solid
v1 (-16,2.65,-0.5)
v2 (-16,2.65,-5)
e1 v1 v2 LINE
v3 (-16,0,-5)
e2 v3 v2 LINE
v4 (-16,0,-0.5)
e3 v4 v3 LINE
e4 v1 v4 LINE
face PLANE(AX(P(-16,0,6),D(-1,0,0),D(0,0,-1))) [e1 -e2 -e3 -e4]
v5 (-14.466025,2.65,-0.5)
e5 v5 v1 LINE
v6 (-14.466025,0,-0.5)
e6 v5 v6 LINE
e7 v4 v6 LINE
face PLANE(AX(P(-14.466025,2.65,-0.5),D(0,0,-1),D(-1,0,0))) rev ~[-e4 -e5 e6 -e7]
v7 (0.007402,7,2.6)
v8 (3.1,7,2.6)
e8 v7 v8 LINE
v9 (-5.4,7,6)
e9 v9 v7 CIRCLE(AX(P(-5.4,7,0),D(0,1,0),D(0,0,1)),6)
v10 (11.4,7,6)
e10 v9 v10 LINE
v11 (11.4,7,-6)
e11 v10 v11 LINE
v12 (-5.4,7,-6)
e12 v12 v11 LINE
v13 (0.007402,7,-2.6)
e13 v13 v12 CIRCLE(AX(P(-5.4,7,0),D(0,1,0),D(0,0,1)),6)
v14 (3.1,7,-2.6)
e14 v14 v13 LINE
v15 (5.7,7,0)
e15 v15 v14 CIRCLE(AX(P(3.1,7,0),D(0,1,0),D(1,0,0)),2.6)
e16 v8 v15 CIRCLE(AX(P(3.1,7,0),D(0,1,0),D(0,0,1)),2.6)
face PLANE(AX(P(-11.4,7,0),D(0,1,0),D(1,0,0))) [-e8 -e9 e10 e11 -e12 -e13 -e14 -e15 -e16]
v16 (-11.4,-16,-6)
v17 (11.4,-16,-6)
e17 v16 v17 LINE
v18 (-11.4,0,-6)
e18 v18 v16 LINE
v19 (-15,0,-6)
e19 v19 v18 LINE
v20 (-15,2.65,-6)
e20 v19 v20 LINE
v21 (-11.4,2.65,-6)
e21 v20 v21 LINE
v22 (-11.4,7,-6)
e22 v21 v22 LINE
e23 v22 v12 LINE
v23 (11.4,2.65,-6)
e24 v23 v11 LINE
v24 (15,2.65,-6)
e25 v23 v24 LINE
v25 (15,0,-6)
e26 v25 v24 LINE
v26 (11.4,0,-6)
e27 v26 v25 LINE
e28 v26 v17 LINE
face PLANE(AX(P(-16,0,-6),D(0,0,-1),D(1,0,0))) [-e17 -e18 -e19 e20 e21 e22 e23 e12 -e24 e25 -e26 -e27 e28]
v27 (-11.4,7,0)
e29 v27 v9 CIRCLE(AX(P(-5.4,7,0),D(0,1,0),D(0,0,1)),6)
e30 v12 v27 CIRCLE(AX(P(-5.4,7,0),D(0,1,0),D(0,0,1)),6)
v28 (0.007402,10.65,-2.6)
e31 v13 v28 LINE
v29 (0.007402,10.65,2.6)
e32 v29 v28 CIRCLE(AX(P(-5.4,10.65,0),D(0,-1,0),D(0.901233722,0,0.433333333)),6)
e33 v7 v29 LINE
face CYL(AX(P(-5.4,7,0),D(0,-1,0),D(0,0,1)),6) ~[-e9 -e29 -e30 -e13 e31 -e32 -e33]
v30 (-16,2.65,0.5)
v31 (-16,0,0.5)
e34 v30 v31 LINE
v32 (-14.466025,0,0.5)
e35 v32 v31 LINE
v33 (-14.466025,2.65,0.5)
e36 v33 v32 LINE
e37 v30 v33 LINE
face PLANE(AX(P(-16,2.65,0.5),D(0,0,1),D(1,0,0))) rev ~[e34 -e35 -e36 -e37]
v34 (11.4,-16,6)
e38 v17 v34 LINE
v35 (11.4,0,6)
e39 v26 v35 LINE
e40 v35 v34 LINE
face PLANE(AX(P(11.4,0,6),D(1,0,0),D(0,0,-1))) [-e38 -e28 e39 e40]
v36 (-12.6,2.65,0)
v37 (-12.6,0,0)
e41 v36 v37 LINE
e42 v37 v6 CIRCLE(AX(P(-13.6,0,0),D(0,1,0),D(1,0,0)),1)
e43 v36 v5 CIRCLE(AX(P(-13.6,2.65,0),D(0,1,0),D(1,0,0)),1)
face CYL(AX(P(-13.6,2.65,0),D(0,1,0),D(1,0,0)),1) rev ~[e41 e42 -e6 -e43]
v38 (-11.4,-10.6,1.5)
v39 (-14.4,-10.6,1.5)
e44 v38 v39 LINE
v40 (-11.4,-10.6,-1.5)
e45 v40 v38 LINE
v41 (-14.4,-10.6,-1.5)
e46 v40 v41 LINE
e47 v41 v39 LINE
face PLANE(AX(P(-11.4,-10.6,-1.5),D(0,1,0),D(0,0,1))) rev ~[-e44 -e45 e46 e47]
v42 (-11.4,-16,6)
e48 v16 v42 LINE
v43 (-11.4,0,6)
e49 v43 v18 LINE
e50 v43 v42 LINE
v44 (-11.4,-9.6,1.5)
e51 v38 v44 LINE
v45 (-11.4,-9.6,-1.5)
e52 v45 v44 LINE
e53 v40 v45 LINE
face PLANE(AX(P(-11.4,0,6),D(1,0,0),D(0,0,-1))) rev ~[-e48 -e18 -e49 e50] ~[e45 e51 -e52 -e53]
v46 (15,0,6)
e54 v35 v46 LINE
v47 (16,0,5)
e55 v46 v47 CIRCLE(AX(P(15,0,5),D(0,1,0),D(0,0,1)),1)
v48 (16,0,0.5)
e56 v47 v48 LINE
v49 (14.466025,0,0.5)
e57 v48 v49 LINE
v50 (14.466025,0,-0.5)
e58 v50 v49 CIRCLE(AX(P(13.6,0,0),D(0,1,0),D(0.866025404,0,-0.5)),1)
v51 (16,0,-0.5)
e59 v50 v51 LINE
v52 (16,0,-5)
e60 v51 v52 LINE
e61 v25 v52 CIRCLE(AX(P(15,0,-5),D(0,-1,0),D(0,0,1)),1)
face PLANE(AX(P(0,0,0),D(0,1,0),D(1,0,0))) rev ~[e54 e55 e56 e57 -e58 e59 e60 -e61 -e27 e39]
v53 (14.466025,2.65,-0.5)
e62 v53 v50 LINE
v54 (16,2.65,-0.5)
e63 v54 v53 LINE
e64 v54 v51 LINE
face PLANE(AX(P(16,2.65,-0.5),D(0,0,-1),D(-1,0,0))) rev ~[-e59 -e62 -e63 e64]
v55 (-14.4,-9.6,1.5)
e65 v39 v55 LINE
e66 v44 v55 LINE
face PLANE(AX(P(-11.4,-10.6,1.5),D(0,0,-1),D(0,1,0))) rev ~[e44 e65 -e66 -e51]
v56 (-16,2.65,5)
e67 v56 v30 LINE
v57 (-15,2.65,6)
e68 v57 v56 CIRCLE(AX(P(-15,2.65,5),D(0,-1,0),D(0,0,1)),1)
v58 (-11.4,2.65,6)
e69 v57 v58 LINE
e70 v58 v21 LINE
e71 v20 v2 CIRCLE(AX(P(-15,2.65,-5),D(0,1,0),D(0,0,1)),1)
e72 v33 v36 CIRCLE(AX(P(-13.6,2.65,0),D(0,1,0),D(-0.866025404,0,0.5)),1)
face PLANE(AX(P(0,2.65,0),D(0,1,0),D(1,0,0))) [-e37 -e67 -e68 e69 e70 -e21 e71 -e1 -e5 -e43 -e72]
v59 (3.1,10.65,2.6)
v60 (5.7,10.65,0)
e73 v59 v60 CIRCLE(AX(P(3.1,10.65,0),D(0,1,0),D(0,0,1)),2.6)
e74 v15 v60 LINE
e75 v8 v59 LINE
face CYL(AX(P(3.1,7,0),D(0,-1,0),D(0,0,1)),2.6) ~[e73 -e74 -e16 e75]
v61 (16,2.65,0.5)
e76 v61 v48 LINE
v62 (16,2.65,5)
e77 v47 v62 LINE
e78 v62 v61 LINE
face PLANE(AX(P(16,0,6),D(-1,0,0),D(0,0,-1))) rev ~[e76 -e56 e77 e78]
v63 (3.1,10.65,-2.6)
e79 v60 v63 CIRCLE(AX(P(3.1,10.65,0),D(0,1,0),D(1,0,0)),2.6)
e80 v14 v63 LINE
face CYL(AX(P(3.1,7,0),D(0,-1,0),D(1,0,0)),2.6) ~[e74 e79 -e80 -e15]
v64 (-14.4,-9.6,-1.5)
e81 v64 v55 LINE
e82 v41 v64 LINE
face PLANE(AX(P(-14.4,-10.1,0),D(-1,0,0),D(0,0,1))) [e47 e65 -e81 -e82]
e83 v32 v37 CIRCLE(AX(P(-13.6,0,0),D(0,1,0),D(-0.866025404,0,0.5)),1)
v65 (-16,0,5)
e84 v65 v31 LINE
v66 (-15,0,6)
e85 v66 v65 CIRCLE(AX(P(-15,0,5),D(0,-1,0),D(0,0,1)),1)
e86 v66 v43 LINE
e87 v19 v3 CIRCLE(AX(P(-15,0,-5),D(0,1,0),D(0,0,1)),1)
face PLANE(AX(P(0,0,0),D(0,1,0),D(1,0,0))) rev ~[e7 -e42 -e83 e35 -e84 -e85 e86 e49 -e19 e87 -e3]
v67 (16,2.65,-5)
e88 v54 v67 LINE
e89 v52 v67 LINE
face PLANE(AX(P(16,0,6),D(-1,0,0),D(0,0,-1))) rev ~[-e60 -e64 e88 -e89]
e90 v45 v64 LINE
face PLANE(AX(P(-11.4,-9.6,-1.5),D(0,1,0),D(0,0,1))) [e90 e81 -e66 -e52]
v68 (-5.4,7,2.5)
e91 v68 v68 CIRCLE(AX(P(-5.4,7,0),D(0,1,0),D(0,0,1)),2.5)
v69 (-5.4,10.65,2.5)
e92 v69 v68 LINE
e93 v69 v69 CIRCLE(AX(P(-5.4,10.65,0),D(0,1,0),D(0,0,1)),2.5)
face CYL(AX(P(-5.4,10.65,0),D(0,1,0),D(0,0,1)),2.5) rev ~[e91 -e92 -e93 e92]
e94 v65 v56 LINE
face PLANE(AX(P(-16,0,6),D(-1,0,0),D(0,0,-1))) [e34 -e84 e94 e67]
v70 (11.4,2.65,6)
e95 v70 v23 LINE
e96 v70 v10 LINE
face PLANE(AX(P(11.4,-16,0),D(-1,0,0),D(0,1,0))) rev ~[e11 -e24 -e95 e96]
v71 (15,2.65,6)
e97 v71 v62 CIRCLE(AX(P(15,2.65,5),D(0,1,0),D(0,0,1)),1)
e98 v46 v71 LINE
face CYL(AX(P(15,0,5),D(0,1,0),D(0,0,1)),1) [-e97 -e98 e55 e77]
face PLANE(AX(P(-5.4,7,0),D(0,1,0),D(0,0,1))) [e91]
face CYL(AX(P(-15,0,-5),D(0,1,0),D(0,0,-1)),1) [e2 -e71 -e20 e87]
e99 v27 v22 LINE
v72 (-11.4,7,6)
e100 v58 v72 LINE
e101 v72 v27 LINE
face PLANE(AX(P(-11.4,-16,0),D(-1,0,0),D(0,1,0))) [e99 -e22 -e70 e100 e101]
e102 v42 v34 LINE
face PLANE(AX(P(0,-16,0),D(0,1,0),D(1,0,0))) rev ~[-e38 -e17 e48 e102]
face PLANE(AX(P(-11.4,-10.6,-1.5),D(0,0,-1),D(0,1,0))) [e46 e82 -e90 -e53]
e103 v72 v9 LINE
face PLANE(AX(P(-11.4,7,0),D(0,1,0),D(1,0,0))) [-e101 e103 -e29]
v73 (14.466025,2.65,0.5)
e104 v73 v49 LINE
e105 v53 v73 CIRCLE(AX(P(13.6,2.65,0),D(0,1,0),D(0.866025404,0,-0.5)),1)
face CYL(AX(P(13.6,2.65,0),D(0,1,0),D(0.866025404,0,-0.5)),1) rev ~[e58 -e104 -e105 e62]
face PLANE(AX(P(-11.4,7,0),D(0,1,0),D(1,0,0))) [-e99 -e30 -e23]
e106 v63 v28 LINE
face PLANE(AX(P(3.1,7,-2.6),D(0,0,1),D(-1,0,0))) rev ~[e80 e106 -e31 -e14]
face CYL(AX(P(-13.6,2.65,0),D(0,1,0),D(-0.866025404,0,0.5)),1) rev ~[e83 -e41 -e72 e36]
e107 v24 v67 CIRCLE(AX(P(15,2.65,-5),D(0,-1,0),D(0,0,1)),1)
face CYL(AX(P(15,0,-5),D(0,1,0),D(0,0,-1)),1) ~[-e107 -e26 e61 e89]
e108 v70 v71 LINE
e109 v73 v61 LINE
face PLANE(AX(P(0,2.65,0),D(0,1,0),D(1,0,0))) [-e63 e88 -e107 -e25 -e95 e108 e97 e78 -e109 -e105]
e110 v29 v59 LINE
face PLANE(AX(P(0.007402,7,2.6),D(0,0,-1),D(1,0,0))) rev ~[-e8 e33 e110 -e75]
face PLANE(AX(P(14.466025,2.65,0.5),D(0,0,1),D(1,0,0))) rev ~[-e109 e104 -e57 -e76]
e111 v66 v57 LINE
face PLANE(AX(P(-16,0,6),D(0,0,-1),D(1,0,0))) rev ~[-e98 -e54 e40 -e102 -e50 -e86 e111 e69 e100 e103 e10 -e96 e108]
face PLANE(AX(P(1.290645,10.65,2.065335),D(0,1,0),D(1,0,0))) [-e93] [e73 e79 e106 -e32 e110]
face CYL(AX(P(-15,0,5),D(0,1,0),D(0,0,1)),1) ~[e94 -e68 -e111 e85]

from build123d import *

# Parameters (mm, degrees)
SKETCH1_W                       = 22.8
SKETCH1_H                       = 12
BOSS_EXTRUDE1_DEPTH             = 16
SKETCH2_W                       = 32
SKETCH2_H                       = 12
BOSS_EXTRUDE2_DEPTH             = 2.65
BOSS_EXTRUDE3_REACH             = 25.409
SKETCH3_W                       = 22.8
SKETCH3_H                       = 23
BOSS_EXTRUDE3_DIRECTION_2_REACH = 25.409
CUT_EXTRUDE1_REACH              = 27.295
FILLET1_R                       = 1
SKETCH5_R                       = 6
BOSS_EXTRUDE4_DEPTH             = 3.65
BOSS_EXTRUDE5_DEPTH             = 3.65
SKETCH7_R                       = 2.5
CUT_EXTRUDE2_DEPTH              = 3.65
SKETCH8_W                       = 3
SKETCH8_H                       = 1
BOSS_EXTRUDE6_DEPTH             = 3


with BuildPart() as part:
    # Sketch1 → Boss-Extrude1 (new body)
    with BuildSketch(Plane(origin=(0, 0, 0), x_dir=(1, 0, 0), z_dir=(0, 1, 0))):
        Rectangle(SKETCH1_W, SKETCH1_H)
    extrude(amount=-BOSS_EXTRUDE1_DEPTH)

    # Sketch2 → Boss-Extrude2 (add)
    with BuildSketch(Plane(origin=(0, 0, 0), x_dir=(1, 0, 0), z_dir=(0, 1, 0))):
        Rectangle(SKETCH2_W, SKETCH2_H)
    extrude(amount=BOSS_EXTRUDE2_DEPTH)

    # Boss-Extrude3: up to this face of the body (flat: up to its plane)
    boss_extrude3_end = Plane(part.part.faces().sort_by_distance((0, -6.241192171, 6))[0])
    # Sketch3 → Boss-Extrude3 (add, up to the picked face)
    with BuildSketch(Plane.XY, mode=Mode.PRIVATE) as boss_extrude3_sk1:
        with Locations((0, -4.5)):
            Rectangle(SKETCH3_W, SKETCH3_H)
    boss_extrude3_tool1 = split(extrude(boss_extrude3_sk1.sketch, amount=BOSS_EXTRUDE3_REACH, mode=Mode.PRIVATE), bisect_by=boss_extrude3_end, keep=Keep.BOTH, mode=Mode.PRIVATE)
    add(boss_extrude3_tool1.solids().sort_by(Axis((0, -4.5, 0), (0, 0, 1)))[0])

    # Boss-Extrude3 direction 2: up to this face of the body (flat: up to its plane)
    boss_extrude3_direction_2_end = Plane(part.part.faces().sort_by_distance((0, -6.241192171, -6))[0])
    # Sketch3 → Boss-Extrude3 direction 2 (add, up to the picked face)
    with BuildSketch(Plane.XY, mode=Mode.PRIVATE) as boss_extrude3_direction_2_sk1:
        with Locations((0, -4.5)):
            Rectangle(SKETCH3_W, SKETCH3_H)
    boss_extrude3_direction_2_tool1 = split(extrude(boss_extrude3_direction_2_sk1.sketch, amount=-BOSS_EXTRUDE3_DIRECTION_2_REACH, mode=Mode.PRIVATE), bisect_by=boss_extrude3_direction_2_end, keep=Keep.BOTH, mode=Mode.PRIVATE)
    add(boss_extrude3_direction_2_tool1.solids().sort_by(Axis((0, -4.5, 0), (0, 0, -1)))[0])

    # Sketch4 → Cut-Extrude1 (cut, up to next)
    with BuildSketch(Plane(origin=(0, 2.65, 0), x_dir=(1, 0, 0), z_dir=(0, 1, 0)), mode=Mode.PRIVATE) as cut_extrude1_sk1:
        with BuildLine():
            ThreePointArc((14.6, 0), (14.565925826, 0.258819045), (14.466025404, 0.5))
            Line((14.466025404, 0.5), (13.6, 0.5))
            Line((13.6, 0.5), (13.6, -0.5))
            Line((13.6, -0.5), (14.466025404, -0.5))
            ThreePointArc((14.466025404, -0.5), (14.565925826, -0.258819045), (14.6, 0))
        make_face()
    cut_extrude1_tool1 = extrude(cut_extrude1_sk1.sketch, amount=-CUT_EXTRUDE1_REACH, mode=Mode.PRIVATE) & part.part
    # Sketch4 → Cut-Extrude1 (cut, up to next)
    with BuildSketch(Plane(origin=(0, 2.65, 0), x_dir=(1, 0, 0), z_dir=(0, 1, 0)), mode=Mode.PRIVATE) as cut_extrude1_sk2:
        with BuildLine():
            Line((13.6, 0.5), (14.466025404, 0.5))
            ThreePointArc((14.466025404, 0.5), (12.6, 0), (14.466025404, -0.5))
            Line((14.466025404, -0.5), (13.6, -0.5))
            Line((13.6, -0.5), (13.6, 0.5))
        make_face()
    cut_extrude1_tool2 = extrude(cut_extrude1_sk2.sketch, amount=-CUT_EXTRUDE1_REACH, mode=Mode.PRIVATE) & part.part
    # Sketch4 → Cut-Extrude1 (cut, up to next)
    with BuildSketch(Plane(origin=(0, 2.65, 0), x_dir=(1, 0, 0), z_dir=(0, 1, 0)), mode=Mode.PRIVATE) as cut_extrude1_sk3:
        with BuildLine():
            ThreePointArc((14.6, 0), (14.565925826, 0.258819045), (14.466025404, 0.5))
            Line((14.466025404, 0.5), (13.6, 0.5))
            Line((13.6, 0.5), (13.6, -0.5))
            Line((13.6, -0.5), (14.466025404, -0.5))
            ThreePointArc((14.466025404, -0.5), (14.565925826, -0.258819045), (14.6, 0))
        make_face()
    cut_extrude1_tool3 = extrude(cut_extrude1_sk3.sketch, amount=-CUT_EXTRUDE1_REACH, mode=Mode.PRIVATE) & part.part
    # Sketch4 → Cut-Extrude1 (cut, up to next)
    with BuildSketch(Plane(origin=(0, 2.65, 0), x_dir=(1, 0, 0), z_dir=(0, 1, 0)), mode=Mode.PRIVATE) as cut_extrude1_sk4:
        with BuildLine():
            Line((13.6, 0.5), (14.466025404, 0.5))
            ThreePointArc((14.466025404, 0.5), (12.6, 0), (14.466025404, -0.5))
            Line((14.466025404, -0.5), (13.6, -0.5))
            Line((13.6, -0.5), (13.6, 0.5))
        make_face()
    cut_extrude1_tool4 = extrude(cut_extrude1_sk4.sketch, amount=-CUT_EXTRUDE1_REACH, mode=Mode.PRIVATE) & part.part
    # Sketch4 → Cut-Extrude1 (cut, up to next)
    with BuildSketch(Plane(origin=(0, 2.65, 0), x_dir=(1, 0, 0), z_dir=(0, 1, 0)), mode=Mode.PRIVATE) as cut_extrude1_sk5:
        with BuildLine():
            Line((16, -0.5), (16, 0.5))
            Line((16, 0.5), (14.466025404, 0.5))
            ThreePointArc((14.466025404, 0.5), (14.565925826, 0.258819045), (14.6, 0))
            ThreePointArc((14.6, 0), (14.565925826, -0.258819045), (14.466025404, -0.5))
            Line((14.466025404, -0.5), (16, -0.5))
        make_face()
    cut_extrude1_tool5 = extrude(cut_extrude1_sk5.sketch, amount=-CUT_EXTRUDE1_REACH, mode=Mode.PRIVATE) & part.part
    # Sketch4 → Cut-Extrude1 (cut, up to next)
    with BuildSketch(Plane(origin=(0, 2.65, 0), x_dir=(1, 0, 0), z_dir=(0, 1, 0)), mode=Mode.PRIVATE) as cut_extrude1_sk6:
        with BuildLine():
            Line((-14.466025404, 0.5), (-16, 0.5))
            Line((-16, 0.5), (-16, -0.5))
            Line((-16, -0.5), (-14.466025404, -0.5))
            ThreePointArc((-14.466025404, -0.5), (-14.6, 0), (-14.466025404, 0.5))
        make_face()
    cut_extrude1_tool6 = extrude(cut_extrude1_sk6.sketch, amount=-CUT_EXTRUDE1_REACH, mode=Mode.PRIVATE) & part.part
    # Sketch4 → Cut-Extrude1 (cut, up to next)
    with BuildSketch(Plane(origin=(0, 2.65, 0), x_dir=(1, 0, 0), z_dir=(0, 1, 0)), mode=Mode.PRIVATE) as cut_extrude1_sk7:
        with BuildLine():
            ThreePointArc((-12.6, 0), (-13.341180955, 0.965925826), (-14.466025404, 0.5))
            Line((-14.466025404, 0.5), (-13.6, 0.5))
            Line((-13.6, 0.5), (-13.6, -0.5))
            Line((-13.6, -0.5), (-14.466025404, -0.5))
            ThreePointArc((-14.466025404, -0.5), (-13.341180955, -0.965925826), (-12.6, 0))
        make_face()
    cut_extrude1_tool7 = extrude(cut_extrude1_sk7.sketch, amount=-CUT_EXTRUDE1_REACH, mode=Mode.PRIVATE) & part.part
    # Sketch4 → Cut-Extrude1 (cut, up to next)
    with BuildSketch(Plane(origin=(0, 2.65, 0), x_dir=(1, 0, 0), z_dir=(0, 1, 0)), mode=Mode.PRIVATE) as cut_extrude1_sk8:
        with BuildLine():
            Line((-13.6, 0.5), (-14.466025404, 0.5))
            ThreePointArc((-14.466025404, 0.5), (-14.6, 0), (-14.466025404, -0.5))
            Line((-14.466025404, -0.5), (-13.6, -0.5))
            Line((-13.6, -0.5), (-13.6, 0.5))
        make_face()
    cut_extrude1_tool8 = extrude(cut_extrude1_sk8.sketch, amount=-CUT_EXTRUDE1_REACH, mode=Mode.PRIVATE) & part.part
    # Sketch4 → Cut-Extrude1 (cut, up to next)
    with BuildSketch(Plane(origin=(0, 2.65, 0), x_dir=(1, 0, 0), z_dir=(0, 1, 0)), mode=Mode.PRIVATE) as cut_extrude1_sk9:
        with BuildLine():
            ThreePointArc((-12.6, 0), (-13.341180955, 0.965925826), (-14.466025404, 0.5))
            Line((-14.466025404, 0.5), (-13.6, 0.5))
            Line((-13.6, 0.5), (-13.6, -0.5))
            Line((-13.6, -0.5), (-14.466025404, -0.5))
            ThreePointArc((-14.466025404, -0.5), (-13.341180955, -0.965925826), (-12.6, 0))
        make_face()
    cut_extrude1_tool9 = extrude(cut_extrude1_sk9.sketch, amount=-CUT_EXTRUDE1_REACH, mode=Mode.PRIVATE) & part.part
    # Sketch4 → Cut-Extrude1 (cut, up to next)
    with BuildSketch(Plane(origin=(0, 2.65, 0), x_dir=(1, 0, 0), z_dir=(0, 1, 0)), mode=Mode.PRIVATE) as cut_extrude1_sk10:
        with BuildLine():
            Line((-13.6, 0.5), (-14.466025404, 0.5))
            ThreePointArc((-14.466025404, 0.5), (-14.6, 0), (-14.466025404, -0.5))
            Line((-14.466025404, -0.5), (-13.6, -0.5))
            Line((-13.6, -0.5), (-13.6, 0.5))
        make_face()
    cut_extrude1_tool10 = extrude(cut_extrude1_sk10.sketch, amount=-CUT_EXTRUDE1_REACH, mode=Mode.PRIVATE) & part.part
    add(cut_extrude1_tool1.solids().sort_by_distance((14.079122, 2.65, 0))[0], mode=Mode.SUBTRACT)
    add(cut_extrude1_tool2.solids().sort_by_distance((13.390235, 2.65, 0))[0], mode=Mode.SUBTRACT)
    add(cut_extrude1_tool3.solids().sort_by_distance((14.079122, 2.65, 0))[0], mode=Mode.SUBTRACT)
    add(cut_extrude1_tool4.solids().sort_by_distance((13.390235, 2.65, 0))[0], mode=Mode.SUBTRACT)
    add(cut_extrude1_tool5.solids().sort_by_distance((15.277765, 2.65, 0))[0], mode=Mode.SUBTRACT)
    add(cut_extrude1_tool6.solids().sort_by_distance((-15.277765, 2.65, 0))[0], mode=Mode.SUBTRACT)
    add(cut_extrude1_tool7.solids().sort_by_distance((-13.390235, 2.65, 0))[0], mode=Mode.SUBTRACT)
    add(cut_extrude1_tool8.solids().sort_by_distance((-14.079122, 2.65, 0))[0], mode=Mode.SUBTRACT)
    add(cut_extrude1_tool9.solids().sort_by_distance((-13.390235, 2.65, 0))[0], mode=Mode.SUBTRACT)
    add(cut_extrude1_tool10.solids().sort_by_distance((-14.079122, 2.65, 0))[0], mode=Mode.SUBTRACT)

    # Fillet1
    fillet1_edges = [part.edges().sort_by_distance(p)[0] for p in [
        (16, 1.325, 6),
        (16, 1.325, -6),
        (-16, 1.325, -6),
        (-16, 1.325, 6),
    ]]
    fillet(fillet1_edges, radius=FILLET1_R)

    # Sketch5 → Boss-Extrude4 (add)
    with BuildSketch(Plane(origin=(0, 7, 0), x_dir=(1, 0, 0), z_dir=(0, 1, 0))):
        with Locations(Location((-5.4, 0, 0), (0, 0, 270))):
            Circle(SKETCH5_R)
    extrude(amount=BOSS_EXTRUDE4_DEPTH)

    # Sketch6 → Boss-Extrude5 (add)
    with BuildSketch(Plane(origin=(0, 7, 0), x_dir=(1, 0, 0), z_dir=(0, 1, 0))):
        with BuildLine():
            Line((0.007402334, -2.6), (3.1, -2.6))
            ThreePointArc((3.1, -2.6), (1.487245955, -2.039368625), (0.57, -0.599249531))
            ThreePointArc((0.57, -0.599249531), (0.375990961, -1.624170072), (0.007402334, -2.6))
        make_face()
        with BuildLine():
            ThreePointArc((0.57, 0.599249531), (1.487245955, 2.039368625), (3.1, 2.6))
            Line((3.1, 2.6), (0.007402334, 2.6))
            ThreePointArc((0.007402334, 2.6), (0.375990961, 1.624170072), (0.57, 0.599249531))
        make_face()
        with BuildLine():
            ThreePointArc((5.7, 0), (4.938477631, 1.838477631), (3.1, 2.6))
            ThreePointArc((3.1, 2.6), (1.487245955, 2.039368625), (0.57, 0.599249531))
            ThreePointArc((0.57, 0.599249531), (0.592495307, 0.3), (0.6, 0))
            ThreePointArc((0.6, 0), (0.592495307, -0.3), (0.57, -0.599249531))
            ThreePointArc((0.57, -0.599249531), (1.487245955, -2.039368625), (3.1, -2.6))
            ThreePointArc((3.1, -2.6), (4.938477631, -1.838477631), (5.7, 0))
        make_face()
        with BuildLine():
            ThreePointArc((0.6, 0), (0.592495307, 0.3), (0.57, 0.599249531))
            ThreePointArc((0.57, 0.599249531), (0.5, 0), (0.57, -0.599249531))
            ThreePointArc((0.57, -0.599249531), (0.592495307, -0.3), (0.6, 0))
        make_face()
    extrude(amount=BOSS_EXTRUDE5_DEPTH)

    # Sketch7 → Cut-Extrude2 (cut)
    with BuildSketch(Plane(origin=(0, 10.65, 0), x_dir=(1, 0, 0), z_dir=(0, 1, 0))):
        with Locations(Location((-5.4, 0, 0), (0, 0, 270))):
            Circle(SKETCH7_R)
    extrude(amount=-CUT_EXTRUDE2_DEPTH, mode=Mode.SUBTRACT)

    # Sketch8 → Boss-Extrude6 (add)
    with BuildSketch(Plane.ZY.offset(11.4)):
        with Locations((0, -10.1)):
            Rectangle(SKETCH8_W, SKETCH8_H)
    extrude(amount=BOSS_EXTRUDE6_DEPTH)


solid = part.part
